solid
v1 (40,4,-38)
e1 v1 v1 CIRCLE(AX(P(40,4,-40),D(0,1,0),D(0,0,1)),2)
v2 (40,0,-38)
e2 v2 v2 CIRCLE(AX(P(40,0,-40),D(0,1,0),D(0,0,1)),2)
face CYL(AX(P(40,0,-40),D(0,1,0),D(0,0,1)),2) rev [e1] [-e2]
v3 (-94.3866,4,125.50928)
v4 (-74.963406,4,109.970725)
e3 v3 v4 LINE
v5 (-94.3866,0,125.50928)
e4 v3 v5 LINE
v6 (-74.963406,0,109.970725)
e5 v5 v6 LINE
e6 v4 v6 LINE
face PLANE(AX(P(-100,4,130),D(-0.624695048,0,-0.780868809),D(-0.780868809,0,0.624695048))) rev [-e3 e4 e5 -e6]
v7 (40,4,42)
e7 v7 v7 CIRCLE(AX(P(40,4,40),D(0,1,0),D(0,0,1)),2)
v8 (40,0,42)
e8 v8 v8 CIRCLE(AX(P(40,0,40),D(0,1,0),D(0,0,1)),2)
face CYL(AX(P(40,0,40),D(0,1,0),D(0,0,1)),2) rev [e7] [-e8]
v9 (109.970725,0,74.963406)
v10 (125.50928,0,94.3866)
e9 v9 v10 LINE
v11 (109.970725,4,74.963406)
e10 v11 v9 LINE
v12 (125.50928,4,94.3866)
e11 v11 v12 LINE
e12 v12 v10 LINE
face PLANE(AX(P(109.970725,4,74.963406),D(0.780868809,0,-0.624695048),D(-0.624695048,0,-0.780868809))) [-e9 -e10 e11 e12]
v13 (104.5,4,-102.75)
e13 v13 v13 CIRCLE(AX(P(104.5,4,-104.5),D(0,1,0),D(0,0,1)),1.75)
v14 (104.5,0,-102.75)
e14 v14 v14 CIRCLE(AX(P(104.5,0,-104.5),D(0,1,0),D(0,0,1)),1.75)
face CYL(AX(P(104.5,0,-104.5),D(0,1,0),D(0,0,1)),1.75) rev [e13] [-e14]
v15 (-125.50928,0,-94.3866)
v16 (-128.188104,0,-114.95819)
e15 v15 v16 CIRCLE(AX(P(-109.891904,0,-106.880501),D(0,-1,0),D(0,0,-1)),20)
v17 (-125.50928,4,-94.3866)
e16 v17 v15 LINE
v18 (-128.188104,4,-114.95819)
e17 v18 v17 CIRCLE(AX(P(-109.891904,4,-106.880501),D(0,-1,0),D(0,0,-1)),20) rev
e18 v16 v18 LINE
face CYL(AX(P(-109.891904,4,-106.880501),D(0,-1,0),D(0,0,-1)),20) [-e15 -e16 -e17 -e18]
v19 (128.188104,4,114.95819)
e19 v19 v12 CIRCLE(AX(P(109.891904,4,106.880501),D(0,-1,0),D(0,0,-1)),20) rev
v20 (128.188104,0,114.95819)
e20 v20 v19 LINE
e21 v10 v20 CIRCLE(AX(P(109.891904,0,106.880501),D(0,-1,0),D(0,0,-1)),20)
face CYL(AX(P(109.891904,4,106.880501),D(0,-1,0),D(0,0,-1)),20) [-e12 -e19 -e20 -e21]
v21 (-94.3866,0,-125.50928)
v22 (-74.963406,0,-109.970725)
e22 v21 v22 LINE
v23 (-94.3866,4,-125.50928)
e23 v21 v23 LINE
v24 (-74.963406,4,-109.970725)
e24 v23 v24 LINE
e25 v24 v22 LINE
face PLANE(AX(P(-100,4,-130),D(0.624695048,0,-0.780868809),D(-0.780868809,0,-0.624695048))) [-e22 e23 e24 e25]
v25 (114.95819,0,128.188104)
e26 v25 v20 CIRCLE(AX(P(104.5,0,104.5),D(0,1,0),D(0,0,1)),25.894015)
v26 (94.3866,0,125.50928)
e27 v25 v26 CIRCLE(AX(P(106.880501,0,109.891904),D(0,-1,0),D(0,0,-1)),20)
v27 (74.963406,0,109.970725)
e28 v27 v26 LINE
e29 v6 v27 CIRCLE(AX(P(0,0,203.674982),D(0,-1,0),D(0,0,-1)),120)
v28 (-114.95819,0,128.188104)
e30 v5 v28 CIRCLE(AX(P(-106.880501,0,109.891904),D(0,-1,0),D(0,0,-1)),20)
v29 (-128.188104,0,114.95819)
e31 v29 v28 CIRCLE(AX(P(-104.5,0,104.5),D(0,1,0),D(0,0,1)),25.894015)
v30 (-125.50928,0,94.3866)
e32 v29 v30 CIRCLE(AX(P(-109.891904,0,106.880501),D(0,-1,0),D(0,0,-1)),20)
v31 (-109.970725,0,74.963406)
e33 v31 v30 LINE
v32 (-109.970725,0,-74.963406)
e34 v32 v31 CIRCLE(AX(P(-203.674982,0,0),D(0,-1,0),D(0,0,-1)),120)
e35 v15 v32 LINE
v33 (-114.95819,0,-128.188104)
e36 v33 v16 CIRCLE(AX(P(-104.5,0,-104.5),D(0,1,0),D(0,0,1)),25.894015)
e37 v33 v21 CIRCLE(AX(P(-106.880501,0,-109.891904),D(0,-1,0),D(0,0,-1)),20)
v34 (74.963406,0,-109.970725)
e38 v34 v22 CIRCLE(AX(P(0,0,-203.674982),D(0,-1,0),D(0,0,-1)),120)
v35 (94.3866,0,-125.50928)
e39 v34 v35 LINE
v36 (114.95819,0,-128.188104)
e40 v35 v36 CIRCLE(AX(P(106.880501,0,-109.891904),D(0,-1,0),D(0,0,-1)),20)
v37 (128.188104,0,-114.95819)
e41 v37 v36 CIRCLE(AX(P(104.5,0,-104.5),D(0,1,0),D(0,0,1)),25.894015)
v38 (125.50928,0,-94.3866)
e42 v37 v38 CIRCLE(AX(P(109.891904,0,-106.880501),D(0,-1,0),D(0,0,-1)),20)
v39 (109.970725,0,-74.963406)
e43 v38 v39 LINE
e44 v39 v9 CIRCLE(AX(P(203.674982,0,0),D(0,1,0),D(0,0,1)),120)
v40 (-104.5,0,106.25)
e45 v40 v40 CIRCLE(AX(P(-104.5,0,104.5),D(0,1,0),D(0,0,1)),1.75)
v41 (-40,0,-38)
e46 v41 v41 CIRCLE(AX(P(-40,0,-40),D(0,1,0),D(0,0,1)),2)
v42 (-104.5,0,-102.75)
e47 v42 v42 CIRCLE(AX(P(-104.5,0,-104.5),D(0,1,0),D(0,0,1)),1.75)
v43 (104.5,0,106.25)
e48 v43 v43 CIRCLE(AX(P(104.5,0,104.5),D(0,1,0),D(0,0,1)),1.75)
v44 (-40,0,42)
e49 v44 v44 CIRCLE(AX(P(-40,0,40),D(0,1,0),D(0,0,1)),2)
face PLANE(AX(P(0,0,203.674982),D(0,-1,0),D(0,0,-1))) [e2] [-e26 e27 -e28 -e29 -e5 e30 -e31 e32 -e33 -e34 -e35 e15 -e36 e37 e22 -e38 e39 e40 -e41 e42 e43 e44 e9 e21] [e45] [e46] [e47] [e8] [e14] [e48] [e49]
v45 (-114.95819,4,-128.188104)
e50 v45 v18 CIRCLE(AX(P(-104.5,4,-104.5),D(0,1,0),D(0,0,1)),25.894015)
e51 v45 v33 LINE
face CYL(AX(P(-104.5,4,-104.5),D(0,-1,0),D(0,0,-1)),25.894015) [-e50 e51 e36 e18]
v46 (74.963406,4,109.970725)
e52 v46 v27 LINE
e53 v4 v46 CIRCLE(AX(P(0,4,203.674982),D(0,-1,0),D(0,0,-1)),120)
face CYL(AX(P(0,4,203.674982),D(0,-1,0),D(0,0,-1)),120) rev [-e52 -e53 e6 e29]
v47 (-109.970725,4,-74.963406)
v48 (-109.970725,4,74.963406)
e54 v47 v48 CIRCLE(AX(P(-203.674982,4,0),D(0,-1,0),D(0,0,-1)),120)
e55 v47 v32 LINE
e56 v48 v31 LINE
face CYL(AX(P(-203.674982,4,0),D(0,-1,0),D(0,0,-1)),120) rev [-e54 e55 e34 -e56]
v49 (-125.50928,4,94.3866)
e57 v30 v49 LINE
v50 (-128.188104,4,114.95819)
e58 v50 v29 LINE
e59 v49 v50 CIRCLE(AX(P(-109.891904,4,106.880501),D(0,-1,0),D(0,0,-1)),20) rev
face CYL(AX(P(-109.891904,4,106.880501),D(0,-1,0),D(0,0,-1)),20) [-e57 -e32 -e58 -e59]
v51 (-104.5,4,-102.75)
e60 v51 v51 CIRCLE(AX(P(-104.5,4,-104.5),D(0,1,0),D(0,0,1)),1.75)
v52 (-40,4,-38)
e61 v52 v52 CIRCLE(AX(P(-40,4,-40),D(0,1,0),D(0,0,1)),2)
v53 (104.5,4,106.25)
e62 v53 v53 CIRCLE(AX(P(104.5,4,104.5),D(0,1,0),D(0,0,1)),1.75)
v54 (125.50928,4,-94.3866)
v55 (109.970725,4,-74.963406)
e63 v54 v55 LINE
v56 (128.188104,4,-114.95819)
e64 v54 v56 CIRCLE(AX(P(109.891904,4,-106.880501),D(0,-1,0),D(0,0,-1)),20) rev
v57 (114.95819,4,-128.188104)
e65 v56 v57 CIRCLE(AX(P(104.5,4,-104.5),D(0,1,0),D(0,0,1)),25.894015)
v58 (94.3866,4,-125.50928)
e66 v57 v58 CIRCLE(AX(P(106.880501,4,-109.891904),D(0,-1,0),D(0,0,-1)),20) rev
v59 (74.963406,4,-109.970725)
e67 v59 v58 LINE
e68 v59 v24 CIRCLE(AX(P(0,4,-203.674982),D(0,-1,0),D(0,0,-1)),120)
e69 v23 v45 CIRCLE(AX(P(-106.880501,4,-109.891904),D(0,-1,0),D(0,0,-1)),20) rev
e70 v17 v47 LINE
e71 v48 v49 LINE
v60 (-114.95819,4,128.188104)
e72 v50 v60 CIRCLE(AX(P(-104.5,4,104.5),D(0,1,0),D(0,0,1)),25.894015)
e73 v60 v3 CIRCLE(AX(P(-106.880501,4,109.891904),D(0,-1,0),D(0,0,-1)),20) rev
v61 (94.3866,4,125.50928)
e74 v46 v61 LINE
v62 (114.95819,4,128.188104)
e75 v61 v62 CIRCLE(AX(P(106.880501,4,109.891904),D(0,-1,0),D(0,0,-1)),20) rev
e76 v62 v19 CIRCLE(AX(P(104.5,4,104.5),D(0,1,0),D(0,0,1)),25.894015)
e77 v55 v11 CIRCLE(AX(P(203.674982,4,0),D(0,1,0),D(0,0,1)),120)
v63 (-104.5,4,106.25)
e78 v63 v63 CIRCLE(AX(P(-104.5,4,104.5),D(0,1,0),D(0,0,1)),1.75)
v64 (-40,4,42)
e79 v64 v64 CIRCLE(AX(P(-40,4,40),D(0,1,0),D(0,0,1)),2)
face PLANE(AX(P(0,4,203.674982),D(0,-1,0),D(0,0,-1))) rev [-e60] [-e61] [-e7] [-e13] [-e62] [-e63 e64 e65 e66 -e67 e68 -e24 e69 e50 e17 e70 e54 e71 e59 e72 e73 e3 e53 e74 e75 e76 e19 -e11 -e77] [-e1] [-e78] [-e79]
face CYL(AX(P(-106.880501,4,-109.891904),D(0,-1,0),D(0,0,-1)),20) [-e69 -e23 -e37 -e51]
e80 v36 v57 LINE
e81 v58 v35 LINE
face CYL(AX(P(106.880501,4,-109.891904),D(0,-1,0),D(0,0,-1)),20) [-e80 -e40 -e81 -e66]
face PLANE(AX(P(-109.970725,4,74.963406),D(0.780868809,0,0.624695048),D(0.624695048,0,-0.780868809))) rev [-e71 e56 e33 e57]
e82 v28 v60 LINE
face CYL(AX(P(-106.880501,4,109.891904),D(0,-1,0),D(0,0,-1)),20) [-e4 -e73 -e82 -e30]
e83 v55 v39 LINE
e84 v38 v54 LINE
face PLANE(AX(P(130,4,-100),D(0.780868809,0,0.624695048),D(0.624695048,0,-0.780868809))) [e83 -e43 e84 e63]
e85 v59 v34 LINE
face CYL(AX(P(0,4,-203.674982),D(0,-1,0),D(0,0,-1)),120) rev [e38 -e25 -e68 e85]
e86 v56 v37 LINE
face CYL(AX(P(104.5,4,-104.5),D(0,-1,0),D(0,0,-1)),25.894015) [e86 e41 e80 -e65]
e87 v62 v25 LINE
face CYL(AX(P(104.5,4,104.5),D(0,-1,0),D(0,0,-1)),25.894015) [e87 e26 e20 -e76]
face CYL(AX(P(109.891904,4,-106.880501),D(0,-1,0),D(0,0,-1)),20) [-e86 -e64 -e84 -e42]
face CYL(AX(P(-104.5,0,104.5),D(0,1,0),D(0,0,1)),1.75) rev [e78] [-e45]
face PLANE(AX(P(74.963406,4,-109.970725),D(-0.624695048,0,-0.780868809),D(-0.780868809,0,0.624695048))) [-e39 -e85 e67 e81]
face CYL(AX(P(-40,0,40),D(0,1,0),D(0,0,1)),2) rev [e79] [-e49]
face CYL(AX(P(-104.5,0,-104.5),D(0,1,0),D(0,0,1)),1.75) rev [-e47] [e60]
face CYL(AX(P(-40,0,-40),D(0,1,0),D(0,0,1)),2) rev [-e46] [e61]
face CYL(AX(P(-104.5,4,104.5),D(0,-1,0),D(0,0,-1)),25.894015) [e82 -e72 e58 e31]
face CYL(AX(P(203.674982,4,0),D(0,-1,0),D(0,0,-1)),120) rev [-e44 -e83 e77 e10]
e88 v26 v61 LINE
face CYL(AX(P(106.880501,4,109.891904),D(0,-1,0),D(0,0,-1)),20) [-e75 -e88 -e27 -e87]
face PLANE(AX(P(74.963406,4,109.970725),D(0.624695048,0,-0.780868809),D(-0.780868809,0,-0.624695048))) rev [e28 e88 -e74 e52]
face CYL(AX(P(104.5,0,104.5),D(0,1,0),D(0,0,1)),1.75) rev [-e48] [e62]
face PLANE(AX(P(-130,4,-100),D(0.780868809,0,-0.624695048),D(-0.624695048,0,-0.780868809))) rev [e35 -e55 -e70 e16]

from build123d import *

# Parameters (mm, degrees)
EXTRUDE_3_DEPTH     = 4
FILLET_3_R          = 20
FILLET_4_R          = 20
FILLET_5_R          = 20
FILLET_6_R          = 20
FILLET_7_R          = 20
FILLET_8_R          = 20
FILLET_9_R          = 20
FILLET_10_R         = 20
SKETCH_6_R          = 1.75
CUT_EXTRUDE_3_DEPTH = 4
SKETCH_7_R          = 2
CUT_EXTRUDE_4_DEPTH = 4


with BuildPart() as part:
    # Эскиз5 → Бобышка-Вытянуть3 (new body)
    with BuildSketch(Plane(origin=(0, 0, 0), x_dir=(1, 0, 0), z_dir=(0, 1, 0))):
        with BuildLine():
            Line((-100, 130), (-74.963405707, 109.970724565))
            ThreePointArc((-74.963405707, 109.970724565), (0, 83.674981698), (74.963405707, 109.970724565))
            Line((74.963405707, 109.970724565), (100, 130))
            ThreePointArc((100, 130), (122.809833424, 122.809833424), (130, 100))
            Line((130, 100), (109.970724565, 74.963405707))
            ThreePointArc((109.970724565, 74.963405707), (83.674981698, 0), (109.970724565, -74.963405707))
            Line((109.970724565, -74.963405707), (130, -100))
            ThreePointArc((130, -100), (122.809833424, -122.809833424), (100, -130))
            Line((100, -130), (74.963405707, -109.970724565))
            ThreePointArc((74.963405707, -109.970724565), (0, -83.674981698), (-74.963405707, -109.970724565))
            Line((-74.963405707, -109.970724565), (-100, -130))
            ThreePointArc((-100, -130), (-122.809833424, -122.809833424), (-130, -100))
            Line((-130, -100), (-109.970724565, -74.963405707))
            ThreePointArc((-109.970724565, -74.963405707), (-83.674981698, 0), (-109.970724565, 74.963405707))
            Line((-109.970724565, 74.963405707), (-130, 100))
            ThreePointArc((-130, 100), (-122.809833424, 122.809833424), (-100, 130))
        make_face()
    extrude(amount=EXTRUDE_3_DEPTH)

    # Скругление3
    fillet_3_edges = [part.edges().sort_by_distance(p)[0] for p in [
        (130, 2, -100),
    ]]
    fillet(fillet_3_edges, radius=FILLET_3_R)

    # Скругление4
    fillet_4_edges = [part.edges().sort_by_distance(p)[0] for p in [
        (100, 2, -130),
    ]]
    fillet(fillet_4_edges, radius=FILLET_4_R)

    # Скругление5
    fillet_5_edges = [part.edges().sort_by_distance(p)[0] for p in [
        (-100, 2, -130),
    ]]
    fillet(fillet_5_edges, radius=FILLET_5_R)

    # Скругление6
    fillet_6_edges = [part.edges().sort_by_distance(p)[0] for p in [
        (-130, 2, -100),
    ]]
    fillet(fillet_6_edges, radius=FILLET_6_R)

    # Скругление7
    fillet_7_edges = [part.edges().sort_by_distance(p)[0] for p in [
        (-100, 2, 130),
    ]]
    fillet(fillet_7_edges, radius=FILLET_7_R)

    # Скругление8
    fillet_8_edges = [part.edges().sort_by_distance(p)[0] for p in [
        (-130, 2, 100),
    ]]
    fillet(fillet_8_edges, radius=FILLET_8_R)

    # Скругление9
    fillet_9_edges = [part.edges().sort_by_distance(p)[0] for p in [
        (100, 2, 130),
    ]]
    fillet(fillet_9_edges, radius=FILLET_9_R)

    # Скругление10
    fillet_10_edges = [part.edges().sort_by_distance(p)[0] for p in [
        (130, 2, 100),
    ]]
    fillet(fillet_10_edges, radius=FILLET_10_R)

    # Эскиз6 → Вырез-Вытянуть3 (cut)
    with BuildSketch(Plane(origin=(0, 4, 0), x_dir=(1, 0, 0), z_dir=(0, 1, 0))):
        with Locations(Location((-104.5, 104.5, 0), (0, 0, 270))):
            Circle(SKETCH_6_R)
        with Locations(Location((104.5, 104.5, 0), (0, 0, 270))):
            Circle(SKETCH_6_R)
        with Locations(Location((104.5, -104.5, 0), (0, 0, 270))):
            Circle(SKETCH_6_R)
        with Locations(Location((-104.5, -104.5, 0), (0, 0, 270))):
            Circle(SKETCH_6_R)
    extrude(amount=-CUT_EXTRUDE_3_DEPTH, mode=Mode.SUBTRACT)

    # Эскиз7 → Вырез-Вытянуть4 (cut)
    with BuildSketch(Plane(origin=(0, 4, 0), x_dir=(1, 0, 0), z_dir=(0, 1, 0))):
        with Locations(Location((-40, 40, 0), (0, 0, 270))):
            Circle(SKETCH_7_R)
        with Locations(Location((40, 40, 0), (0, 0, 270))):
            Circle(SKETCH_7_R)
        with Locations(Location((40, -40, 0), (0, 0, 270))):
            Circle(SKETCH_7_R)
        with Locations(Location((-40, -40, 0), (0, 0, 270))):
            Circle(SKETCH_7_R)
    extrude(amount=-CUT_EXTRUDE_4_DEPTH, mode=Mode.SUBTRACT)


solid = part.part
